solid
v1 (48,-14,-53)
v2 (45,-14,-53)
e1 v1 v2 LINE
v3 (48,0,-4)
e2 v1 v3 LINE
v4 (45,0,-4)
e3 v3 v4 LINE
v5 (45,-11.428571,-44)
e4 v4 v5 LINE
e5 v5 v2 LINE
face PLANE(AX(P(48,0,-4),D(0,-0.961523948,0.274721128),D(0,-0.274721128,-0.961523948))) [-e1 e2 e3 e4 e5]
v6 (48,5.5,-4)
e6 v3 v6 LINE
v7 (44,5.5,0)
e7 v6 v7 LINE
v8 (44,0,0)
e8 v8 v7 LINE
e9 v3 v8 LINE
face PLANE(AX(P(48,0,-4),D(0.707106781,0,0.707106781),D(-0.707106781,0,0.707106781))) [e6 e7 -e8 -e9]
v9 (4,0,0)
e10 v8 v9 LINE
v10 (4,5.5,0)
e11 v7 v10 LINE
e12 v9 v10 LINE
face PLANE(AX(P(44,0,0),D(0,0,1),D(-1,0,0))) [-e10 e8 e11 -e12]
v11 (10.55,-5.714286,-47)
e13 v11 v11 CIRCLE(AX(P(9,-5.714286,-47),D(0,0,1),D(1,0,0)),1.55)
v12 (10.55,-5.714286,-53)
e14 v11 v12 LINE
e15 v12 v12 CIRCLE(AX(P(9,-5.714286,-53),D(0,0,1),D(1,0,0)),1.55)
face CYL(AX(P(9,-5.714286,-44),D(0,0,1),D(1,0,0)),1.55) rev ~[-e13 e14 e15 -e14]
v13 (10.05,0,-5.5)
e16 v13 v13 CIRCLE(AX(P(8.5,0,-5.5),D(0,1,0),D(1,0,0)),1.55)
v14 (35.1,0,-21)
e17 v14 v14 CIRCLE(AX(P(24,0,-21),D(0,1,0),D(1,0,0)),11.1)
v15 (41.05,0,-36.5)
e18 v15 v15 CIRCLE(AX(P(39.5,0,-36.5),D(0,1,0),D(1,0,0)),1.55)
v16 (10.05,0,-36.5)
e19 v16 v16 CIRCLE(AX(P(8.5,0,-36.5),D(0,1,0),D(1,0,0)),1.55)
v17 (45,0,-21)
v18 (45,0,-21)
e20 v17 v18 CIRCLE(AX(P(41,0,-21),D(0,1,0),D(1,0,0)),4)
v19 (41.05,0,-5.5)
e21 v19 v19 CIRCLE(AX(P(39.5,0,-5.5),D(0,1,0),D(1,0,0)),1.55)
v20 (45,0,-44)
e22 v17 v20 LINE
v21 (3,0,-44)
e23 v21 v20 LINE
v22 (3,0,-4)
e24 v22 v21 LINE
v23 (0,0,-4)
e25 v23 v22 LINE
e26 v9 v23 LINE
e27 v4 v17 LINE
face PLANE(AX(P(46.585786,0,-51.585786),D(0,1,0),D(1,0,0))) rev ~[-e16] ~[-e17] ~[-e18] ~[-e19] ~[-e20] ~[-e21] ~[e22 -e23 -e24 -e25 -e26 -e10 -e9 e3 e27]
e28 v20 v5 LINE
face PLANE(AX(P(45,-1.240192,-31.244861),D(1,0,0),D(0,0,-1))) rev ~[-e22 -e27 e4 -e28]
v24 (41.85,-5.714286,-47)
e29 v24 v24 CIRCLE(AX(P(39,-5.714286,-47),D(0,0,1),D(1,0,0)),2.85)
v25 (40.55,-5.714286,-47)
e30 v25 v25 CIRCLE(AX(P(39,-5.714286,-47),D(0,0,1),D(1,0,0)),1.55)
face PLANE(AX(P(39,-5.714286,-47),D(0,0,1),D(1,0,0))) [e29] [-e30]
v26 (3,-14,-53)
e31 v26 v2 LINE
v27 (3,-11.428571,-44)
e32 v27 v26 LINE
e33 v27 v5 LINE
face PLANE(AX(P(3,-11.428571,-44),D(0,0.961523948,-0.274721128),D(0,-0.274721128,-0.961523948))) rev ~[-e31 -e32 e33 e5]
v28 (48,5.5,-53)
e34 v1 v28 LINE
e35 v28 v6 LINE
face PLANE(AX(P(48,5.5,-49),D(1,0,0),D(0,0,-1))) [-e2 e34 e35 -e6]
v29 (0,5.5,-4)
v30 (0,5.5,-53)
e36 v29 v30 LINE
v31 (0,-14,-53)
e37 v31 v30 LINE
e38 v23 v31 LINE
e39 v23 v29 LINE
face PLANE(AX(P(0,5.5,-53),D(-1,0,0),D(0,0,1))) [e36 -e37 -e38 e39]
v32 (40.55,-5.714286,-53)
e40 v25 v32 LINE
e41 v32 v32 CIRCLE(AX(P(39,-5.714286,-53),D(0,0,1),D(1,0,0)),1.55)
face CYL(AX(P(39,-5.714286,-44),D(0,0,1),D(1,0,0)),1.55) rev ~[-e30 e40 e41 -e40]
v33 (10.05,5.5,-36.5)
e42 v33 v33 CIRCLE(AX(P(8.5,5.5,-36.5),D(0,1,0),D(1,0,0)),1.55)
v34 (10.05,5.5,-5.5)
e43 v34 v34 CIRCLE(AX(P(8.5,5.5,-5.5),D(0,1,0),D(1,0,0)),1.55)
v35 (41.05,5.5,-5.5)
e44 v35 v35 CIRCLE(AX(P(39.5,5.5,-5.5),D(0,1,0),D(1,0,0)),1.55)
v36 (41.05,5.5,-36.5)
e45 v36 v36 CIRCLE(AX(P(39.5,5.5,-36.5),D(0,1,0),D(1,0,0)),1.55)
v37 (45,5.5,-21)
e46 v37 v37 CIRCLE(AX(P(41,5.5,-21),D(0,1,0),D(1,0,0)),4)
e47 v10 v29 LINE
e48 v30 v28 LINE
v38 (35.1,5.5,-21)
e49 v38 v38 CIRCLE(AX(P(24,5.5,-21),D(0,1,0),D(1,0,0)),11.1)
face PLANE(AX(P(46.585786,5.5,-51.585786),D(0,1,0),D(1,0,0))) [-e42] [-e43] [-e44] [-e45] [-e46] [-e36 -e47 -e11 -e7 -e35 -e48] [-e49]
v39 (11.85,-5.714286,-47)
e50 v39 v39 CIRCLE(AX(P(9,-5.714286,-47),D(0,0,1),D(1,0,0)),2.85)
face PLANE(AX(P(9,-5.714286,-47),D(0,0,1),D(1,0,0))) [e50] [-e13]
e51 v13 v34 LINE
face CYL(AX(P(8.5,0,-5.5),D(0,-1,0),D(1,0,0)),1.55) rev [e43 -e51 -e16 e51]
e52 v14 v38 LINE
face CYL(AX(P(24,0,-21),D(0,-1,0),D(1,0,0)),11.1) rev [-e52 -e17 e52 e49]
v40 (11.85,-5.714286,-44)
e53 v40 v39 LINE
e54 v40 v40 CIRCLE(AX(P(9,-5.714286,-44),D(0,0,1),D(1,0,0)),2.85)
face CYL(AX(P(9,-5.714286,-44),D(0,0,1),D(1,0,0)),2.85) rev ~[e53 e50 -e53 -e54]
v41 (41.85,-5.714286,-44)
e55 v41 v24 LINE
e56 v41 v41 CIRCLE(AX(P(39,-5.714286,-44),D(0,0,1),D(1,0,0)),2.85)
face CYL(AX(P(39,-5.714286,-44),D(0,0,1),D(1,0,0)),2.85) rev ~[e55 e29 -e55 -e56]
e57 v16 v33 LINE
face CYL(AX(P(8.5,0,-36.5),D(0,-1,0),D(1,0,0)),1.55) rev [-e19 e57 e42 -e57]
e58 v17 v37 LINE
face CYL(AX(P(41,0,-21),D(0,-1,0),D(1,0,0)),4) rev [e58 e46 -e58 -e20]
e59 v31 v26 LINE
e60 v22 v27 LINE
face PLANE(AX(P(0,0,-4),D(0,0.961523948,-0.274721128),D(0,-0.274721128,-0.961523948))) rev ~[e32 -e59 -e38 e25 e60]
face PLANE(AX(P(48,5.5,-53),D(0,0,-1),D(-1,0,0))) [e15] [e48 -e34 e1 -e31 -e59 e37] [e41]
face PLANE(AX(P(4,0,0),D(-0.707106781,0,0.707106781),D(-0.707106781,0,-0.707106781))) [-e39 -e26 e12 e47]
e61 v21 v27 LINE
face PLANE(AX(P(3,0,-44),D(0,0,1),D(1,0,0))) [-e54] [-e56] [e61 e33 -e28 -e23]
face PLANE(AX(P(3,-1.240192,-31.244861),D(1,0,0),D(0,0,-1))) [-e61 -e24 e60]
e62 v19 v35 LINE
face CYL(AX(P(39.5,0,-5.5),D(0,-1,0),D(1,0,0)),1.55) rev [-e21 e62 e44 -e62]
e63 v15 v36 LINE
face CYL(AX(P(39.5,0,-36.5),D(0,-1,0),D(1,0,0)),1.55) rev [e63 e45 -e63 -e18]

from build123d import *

# Parameters (mm, degrees)
CROQUIS1_R                 = 1.55
CROQUIS1_R_2               = 11.1
CROQUIS1_R_3               = 4
SALIENTE_EXTRUIR1_DEPTH    = 5.5
SALIENTE_EXTRUIR2_DEPTH    = 5.5
SALIENTE_EXTRUIR3_DEPTH    = 3
SALIENTE_EXTRUIR4_DEPTH    = 5.5
SALIENTE_EXTRUIR5_DEPTH    = 3
CROQUIS7_W                 = 42
CROQUIS7_H                 = 9
SALIENTE_EXTRUIR6_DEPTH    = 14
CROQUIS9_R                 = 1.55
CORTAR_EXTRUIR1_DEPTH      = 9
CROQUIS10_R                = 2.85
CROQUIS10_R_2              = 1.55
CORTAR_EXTRUIR2_DEPTH      = 3
CORTAR_EXTRUIR3_DEPTH      = 4
CORTAR_EXTRUIR3_DEPTH_BACK = 46


with BuildPart() as part:
    # Croquis1 → Saliente-Extruir1 (new body)
    with BuildSketch(Plane(origin=(0, 0, 0), x_dir=(1, 0, 0), z_dir=(0, 1, 0))):
        Polygon((0, 4), (0, 49), (4, 53), (44, 53), (48, 49), (48, 4), (44, 0), (4, 0), align=None)
        with Locations((8.5, 36.5)):
            Circle(CROQUIS1_R, mode=Mode.SUBTRACT)
        with Locations((39.5, 36.5)):
            Circle(CROQUIS1_R, mode=Mode.SUBTRACT)
        with Locations((8.5, 5.5)):
            Circle(CROQUIS1_R, mode=Mode.SUBTRACT)
        with Locations((39.5, 5.5)):
            Circle(CROQUIS1_R, mode=Mode.SUBTRACT)
        with Locations((24, 21)):
            Circle(CROQUIS1_R_2, mode=Mode.SUBTRACT)
        with Locations((41, 21)):
            Circle(CROQUIS1_R_3, mode=Mode.SUBTRACT)
    extrude(amount=SALIENTE_EXTRUIR1_DEPTH)

    # Croquis3 → Saliente-Extruir2 (add)
    with BuildSketch(Plane(origin=(0, 5.5, 0), x_dir=(1, 0, 0), z_dir=(0, 1, 0))):
        Polygon((4, 53), (0, 53), (0, 49), align=None)
    extrude(amount=-SALIENTE_EXTRUIR2_DEPTH)

    # Croquis4 → Saliente-Extruir3 (add)
    with BuildSketch(Plane.ZY):
        Polygon((-53, 0), (-53, 5.5), (-4, 5.5), (-4, 0), (-53, -14), align=None)
    extrude(amount=-SALIENTE_EXTRUIR3_DEPTH)

    # Croquis5 → Saliente-Extruir4 (add)
    with BuildSketch(Plane(origin=(0, 5.5, 0), x_dir=(1, 0, 0), z_dir=(0, 1, 0))):
        Polygon((48, 49), (48, 53), (44, 53), align=None)
    extrude(amount=-SALIENTE_EXTRUIR4_DEPTH)

    # Croquis6 → Saliente-Extruir5 (add)
    with BuildSketch(Plane(origin=(48, 0, 0), x_dir=(0, 0, -1), z_dir=(1, 0, 0))):
        Polygon((4, 5.5), (4, 0), (53, -14), (53, 0), (53, 5.5), align=None)
    extrude(amount=-SALIENTE_EXTRUIR5_DEPTH)

    # Croquis7 → Saliente-Extruir6 (add)
    with BuildSketch(Plane.XZ):
        with Locations((24, -48.5)):
            Rectangle(CROQUIS7_W, CROQUIS7_H)
    extrude(amount=SALIENTE_EXTRUIR6_DEPTH)

    # Croquis9 → Cortar-Extruir1 (cut)
    with BuildSketch(Plane.XY.offset(-44)):
        with Locations((9, -5.714285714)):
            Circle(CROQUIS9_R)
        with Locations((39, -5.714285714)):
            Circle(CROQUIS9_R)
    extrude(amount=-CORTAR_EXTRUIR1_DEPTH, mode=Mode.SUBTRACT)

    # Croquis10 → Cortar-Extruir2 (cut)
    with BuildSketch(Plane.XY.offset(-44)):
        with Locations((9, -5.714285714)):
            Circle(CROQUIS10_R)
        with Locations((9, -5.714285714)):
            Circle(CROQUIS10_R_2, mode=Mode.SUBTRACT)
        with Locations((39, -5.714285714)):
            Circle(CROQUIS10_R)
        with Locations((39, -5.714285714)):
            Circle(CROQUIS10_R_2, mode=Mode.SUBTRACT)
    extrude(amount=-CORTAR_EXTRUIR2_DEPTH, mode=Mode.SUBTRACT)

    # Croquis11 → Cortar-Extruir3 (cut, two sides)
    with BuildSketch(Plane.ZY.offset(-3)) as cortar_extruir3_sk:
        Polygon((-44, -11.428571429), (-53, -14), (-44, -14), align=None)
    extrude(amount=CORTAR_EXTRUIR3_DEPTH, mode=Mode.SUBTRACT)
    extrude(cortar_extruir3_sk.sketch, amount=-CORTAR_EXTRUIR3_DEPTH_BACK, mode=Mode.SUBTRACT)


solid = part.part
